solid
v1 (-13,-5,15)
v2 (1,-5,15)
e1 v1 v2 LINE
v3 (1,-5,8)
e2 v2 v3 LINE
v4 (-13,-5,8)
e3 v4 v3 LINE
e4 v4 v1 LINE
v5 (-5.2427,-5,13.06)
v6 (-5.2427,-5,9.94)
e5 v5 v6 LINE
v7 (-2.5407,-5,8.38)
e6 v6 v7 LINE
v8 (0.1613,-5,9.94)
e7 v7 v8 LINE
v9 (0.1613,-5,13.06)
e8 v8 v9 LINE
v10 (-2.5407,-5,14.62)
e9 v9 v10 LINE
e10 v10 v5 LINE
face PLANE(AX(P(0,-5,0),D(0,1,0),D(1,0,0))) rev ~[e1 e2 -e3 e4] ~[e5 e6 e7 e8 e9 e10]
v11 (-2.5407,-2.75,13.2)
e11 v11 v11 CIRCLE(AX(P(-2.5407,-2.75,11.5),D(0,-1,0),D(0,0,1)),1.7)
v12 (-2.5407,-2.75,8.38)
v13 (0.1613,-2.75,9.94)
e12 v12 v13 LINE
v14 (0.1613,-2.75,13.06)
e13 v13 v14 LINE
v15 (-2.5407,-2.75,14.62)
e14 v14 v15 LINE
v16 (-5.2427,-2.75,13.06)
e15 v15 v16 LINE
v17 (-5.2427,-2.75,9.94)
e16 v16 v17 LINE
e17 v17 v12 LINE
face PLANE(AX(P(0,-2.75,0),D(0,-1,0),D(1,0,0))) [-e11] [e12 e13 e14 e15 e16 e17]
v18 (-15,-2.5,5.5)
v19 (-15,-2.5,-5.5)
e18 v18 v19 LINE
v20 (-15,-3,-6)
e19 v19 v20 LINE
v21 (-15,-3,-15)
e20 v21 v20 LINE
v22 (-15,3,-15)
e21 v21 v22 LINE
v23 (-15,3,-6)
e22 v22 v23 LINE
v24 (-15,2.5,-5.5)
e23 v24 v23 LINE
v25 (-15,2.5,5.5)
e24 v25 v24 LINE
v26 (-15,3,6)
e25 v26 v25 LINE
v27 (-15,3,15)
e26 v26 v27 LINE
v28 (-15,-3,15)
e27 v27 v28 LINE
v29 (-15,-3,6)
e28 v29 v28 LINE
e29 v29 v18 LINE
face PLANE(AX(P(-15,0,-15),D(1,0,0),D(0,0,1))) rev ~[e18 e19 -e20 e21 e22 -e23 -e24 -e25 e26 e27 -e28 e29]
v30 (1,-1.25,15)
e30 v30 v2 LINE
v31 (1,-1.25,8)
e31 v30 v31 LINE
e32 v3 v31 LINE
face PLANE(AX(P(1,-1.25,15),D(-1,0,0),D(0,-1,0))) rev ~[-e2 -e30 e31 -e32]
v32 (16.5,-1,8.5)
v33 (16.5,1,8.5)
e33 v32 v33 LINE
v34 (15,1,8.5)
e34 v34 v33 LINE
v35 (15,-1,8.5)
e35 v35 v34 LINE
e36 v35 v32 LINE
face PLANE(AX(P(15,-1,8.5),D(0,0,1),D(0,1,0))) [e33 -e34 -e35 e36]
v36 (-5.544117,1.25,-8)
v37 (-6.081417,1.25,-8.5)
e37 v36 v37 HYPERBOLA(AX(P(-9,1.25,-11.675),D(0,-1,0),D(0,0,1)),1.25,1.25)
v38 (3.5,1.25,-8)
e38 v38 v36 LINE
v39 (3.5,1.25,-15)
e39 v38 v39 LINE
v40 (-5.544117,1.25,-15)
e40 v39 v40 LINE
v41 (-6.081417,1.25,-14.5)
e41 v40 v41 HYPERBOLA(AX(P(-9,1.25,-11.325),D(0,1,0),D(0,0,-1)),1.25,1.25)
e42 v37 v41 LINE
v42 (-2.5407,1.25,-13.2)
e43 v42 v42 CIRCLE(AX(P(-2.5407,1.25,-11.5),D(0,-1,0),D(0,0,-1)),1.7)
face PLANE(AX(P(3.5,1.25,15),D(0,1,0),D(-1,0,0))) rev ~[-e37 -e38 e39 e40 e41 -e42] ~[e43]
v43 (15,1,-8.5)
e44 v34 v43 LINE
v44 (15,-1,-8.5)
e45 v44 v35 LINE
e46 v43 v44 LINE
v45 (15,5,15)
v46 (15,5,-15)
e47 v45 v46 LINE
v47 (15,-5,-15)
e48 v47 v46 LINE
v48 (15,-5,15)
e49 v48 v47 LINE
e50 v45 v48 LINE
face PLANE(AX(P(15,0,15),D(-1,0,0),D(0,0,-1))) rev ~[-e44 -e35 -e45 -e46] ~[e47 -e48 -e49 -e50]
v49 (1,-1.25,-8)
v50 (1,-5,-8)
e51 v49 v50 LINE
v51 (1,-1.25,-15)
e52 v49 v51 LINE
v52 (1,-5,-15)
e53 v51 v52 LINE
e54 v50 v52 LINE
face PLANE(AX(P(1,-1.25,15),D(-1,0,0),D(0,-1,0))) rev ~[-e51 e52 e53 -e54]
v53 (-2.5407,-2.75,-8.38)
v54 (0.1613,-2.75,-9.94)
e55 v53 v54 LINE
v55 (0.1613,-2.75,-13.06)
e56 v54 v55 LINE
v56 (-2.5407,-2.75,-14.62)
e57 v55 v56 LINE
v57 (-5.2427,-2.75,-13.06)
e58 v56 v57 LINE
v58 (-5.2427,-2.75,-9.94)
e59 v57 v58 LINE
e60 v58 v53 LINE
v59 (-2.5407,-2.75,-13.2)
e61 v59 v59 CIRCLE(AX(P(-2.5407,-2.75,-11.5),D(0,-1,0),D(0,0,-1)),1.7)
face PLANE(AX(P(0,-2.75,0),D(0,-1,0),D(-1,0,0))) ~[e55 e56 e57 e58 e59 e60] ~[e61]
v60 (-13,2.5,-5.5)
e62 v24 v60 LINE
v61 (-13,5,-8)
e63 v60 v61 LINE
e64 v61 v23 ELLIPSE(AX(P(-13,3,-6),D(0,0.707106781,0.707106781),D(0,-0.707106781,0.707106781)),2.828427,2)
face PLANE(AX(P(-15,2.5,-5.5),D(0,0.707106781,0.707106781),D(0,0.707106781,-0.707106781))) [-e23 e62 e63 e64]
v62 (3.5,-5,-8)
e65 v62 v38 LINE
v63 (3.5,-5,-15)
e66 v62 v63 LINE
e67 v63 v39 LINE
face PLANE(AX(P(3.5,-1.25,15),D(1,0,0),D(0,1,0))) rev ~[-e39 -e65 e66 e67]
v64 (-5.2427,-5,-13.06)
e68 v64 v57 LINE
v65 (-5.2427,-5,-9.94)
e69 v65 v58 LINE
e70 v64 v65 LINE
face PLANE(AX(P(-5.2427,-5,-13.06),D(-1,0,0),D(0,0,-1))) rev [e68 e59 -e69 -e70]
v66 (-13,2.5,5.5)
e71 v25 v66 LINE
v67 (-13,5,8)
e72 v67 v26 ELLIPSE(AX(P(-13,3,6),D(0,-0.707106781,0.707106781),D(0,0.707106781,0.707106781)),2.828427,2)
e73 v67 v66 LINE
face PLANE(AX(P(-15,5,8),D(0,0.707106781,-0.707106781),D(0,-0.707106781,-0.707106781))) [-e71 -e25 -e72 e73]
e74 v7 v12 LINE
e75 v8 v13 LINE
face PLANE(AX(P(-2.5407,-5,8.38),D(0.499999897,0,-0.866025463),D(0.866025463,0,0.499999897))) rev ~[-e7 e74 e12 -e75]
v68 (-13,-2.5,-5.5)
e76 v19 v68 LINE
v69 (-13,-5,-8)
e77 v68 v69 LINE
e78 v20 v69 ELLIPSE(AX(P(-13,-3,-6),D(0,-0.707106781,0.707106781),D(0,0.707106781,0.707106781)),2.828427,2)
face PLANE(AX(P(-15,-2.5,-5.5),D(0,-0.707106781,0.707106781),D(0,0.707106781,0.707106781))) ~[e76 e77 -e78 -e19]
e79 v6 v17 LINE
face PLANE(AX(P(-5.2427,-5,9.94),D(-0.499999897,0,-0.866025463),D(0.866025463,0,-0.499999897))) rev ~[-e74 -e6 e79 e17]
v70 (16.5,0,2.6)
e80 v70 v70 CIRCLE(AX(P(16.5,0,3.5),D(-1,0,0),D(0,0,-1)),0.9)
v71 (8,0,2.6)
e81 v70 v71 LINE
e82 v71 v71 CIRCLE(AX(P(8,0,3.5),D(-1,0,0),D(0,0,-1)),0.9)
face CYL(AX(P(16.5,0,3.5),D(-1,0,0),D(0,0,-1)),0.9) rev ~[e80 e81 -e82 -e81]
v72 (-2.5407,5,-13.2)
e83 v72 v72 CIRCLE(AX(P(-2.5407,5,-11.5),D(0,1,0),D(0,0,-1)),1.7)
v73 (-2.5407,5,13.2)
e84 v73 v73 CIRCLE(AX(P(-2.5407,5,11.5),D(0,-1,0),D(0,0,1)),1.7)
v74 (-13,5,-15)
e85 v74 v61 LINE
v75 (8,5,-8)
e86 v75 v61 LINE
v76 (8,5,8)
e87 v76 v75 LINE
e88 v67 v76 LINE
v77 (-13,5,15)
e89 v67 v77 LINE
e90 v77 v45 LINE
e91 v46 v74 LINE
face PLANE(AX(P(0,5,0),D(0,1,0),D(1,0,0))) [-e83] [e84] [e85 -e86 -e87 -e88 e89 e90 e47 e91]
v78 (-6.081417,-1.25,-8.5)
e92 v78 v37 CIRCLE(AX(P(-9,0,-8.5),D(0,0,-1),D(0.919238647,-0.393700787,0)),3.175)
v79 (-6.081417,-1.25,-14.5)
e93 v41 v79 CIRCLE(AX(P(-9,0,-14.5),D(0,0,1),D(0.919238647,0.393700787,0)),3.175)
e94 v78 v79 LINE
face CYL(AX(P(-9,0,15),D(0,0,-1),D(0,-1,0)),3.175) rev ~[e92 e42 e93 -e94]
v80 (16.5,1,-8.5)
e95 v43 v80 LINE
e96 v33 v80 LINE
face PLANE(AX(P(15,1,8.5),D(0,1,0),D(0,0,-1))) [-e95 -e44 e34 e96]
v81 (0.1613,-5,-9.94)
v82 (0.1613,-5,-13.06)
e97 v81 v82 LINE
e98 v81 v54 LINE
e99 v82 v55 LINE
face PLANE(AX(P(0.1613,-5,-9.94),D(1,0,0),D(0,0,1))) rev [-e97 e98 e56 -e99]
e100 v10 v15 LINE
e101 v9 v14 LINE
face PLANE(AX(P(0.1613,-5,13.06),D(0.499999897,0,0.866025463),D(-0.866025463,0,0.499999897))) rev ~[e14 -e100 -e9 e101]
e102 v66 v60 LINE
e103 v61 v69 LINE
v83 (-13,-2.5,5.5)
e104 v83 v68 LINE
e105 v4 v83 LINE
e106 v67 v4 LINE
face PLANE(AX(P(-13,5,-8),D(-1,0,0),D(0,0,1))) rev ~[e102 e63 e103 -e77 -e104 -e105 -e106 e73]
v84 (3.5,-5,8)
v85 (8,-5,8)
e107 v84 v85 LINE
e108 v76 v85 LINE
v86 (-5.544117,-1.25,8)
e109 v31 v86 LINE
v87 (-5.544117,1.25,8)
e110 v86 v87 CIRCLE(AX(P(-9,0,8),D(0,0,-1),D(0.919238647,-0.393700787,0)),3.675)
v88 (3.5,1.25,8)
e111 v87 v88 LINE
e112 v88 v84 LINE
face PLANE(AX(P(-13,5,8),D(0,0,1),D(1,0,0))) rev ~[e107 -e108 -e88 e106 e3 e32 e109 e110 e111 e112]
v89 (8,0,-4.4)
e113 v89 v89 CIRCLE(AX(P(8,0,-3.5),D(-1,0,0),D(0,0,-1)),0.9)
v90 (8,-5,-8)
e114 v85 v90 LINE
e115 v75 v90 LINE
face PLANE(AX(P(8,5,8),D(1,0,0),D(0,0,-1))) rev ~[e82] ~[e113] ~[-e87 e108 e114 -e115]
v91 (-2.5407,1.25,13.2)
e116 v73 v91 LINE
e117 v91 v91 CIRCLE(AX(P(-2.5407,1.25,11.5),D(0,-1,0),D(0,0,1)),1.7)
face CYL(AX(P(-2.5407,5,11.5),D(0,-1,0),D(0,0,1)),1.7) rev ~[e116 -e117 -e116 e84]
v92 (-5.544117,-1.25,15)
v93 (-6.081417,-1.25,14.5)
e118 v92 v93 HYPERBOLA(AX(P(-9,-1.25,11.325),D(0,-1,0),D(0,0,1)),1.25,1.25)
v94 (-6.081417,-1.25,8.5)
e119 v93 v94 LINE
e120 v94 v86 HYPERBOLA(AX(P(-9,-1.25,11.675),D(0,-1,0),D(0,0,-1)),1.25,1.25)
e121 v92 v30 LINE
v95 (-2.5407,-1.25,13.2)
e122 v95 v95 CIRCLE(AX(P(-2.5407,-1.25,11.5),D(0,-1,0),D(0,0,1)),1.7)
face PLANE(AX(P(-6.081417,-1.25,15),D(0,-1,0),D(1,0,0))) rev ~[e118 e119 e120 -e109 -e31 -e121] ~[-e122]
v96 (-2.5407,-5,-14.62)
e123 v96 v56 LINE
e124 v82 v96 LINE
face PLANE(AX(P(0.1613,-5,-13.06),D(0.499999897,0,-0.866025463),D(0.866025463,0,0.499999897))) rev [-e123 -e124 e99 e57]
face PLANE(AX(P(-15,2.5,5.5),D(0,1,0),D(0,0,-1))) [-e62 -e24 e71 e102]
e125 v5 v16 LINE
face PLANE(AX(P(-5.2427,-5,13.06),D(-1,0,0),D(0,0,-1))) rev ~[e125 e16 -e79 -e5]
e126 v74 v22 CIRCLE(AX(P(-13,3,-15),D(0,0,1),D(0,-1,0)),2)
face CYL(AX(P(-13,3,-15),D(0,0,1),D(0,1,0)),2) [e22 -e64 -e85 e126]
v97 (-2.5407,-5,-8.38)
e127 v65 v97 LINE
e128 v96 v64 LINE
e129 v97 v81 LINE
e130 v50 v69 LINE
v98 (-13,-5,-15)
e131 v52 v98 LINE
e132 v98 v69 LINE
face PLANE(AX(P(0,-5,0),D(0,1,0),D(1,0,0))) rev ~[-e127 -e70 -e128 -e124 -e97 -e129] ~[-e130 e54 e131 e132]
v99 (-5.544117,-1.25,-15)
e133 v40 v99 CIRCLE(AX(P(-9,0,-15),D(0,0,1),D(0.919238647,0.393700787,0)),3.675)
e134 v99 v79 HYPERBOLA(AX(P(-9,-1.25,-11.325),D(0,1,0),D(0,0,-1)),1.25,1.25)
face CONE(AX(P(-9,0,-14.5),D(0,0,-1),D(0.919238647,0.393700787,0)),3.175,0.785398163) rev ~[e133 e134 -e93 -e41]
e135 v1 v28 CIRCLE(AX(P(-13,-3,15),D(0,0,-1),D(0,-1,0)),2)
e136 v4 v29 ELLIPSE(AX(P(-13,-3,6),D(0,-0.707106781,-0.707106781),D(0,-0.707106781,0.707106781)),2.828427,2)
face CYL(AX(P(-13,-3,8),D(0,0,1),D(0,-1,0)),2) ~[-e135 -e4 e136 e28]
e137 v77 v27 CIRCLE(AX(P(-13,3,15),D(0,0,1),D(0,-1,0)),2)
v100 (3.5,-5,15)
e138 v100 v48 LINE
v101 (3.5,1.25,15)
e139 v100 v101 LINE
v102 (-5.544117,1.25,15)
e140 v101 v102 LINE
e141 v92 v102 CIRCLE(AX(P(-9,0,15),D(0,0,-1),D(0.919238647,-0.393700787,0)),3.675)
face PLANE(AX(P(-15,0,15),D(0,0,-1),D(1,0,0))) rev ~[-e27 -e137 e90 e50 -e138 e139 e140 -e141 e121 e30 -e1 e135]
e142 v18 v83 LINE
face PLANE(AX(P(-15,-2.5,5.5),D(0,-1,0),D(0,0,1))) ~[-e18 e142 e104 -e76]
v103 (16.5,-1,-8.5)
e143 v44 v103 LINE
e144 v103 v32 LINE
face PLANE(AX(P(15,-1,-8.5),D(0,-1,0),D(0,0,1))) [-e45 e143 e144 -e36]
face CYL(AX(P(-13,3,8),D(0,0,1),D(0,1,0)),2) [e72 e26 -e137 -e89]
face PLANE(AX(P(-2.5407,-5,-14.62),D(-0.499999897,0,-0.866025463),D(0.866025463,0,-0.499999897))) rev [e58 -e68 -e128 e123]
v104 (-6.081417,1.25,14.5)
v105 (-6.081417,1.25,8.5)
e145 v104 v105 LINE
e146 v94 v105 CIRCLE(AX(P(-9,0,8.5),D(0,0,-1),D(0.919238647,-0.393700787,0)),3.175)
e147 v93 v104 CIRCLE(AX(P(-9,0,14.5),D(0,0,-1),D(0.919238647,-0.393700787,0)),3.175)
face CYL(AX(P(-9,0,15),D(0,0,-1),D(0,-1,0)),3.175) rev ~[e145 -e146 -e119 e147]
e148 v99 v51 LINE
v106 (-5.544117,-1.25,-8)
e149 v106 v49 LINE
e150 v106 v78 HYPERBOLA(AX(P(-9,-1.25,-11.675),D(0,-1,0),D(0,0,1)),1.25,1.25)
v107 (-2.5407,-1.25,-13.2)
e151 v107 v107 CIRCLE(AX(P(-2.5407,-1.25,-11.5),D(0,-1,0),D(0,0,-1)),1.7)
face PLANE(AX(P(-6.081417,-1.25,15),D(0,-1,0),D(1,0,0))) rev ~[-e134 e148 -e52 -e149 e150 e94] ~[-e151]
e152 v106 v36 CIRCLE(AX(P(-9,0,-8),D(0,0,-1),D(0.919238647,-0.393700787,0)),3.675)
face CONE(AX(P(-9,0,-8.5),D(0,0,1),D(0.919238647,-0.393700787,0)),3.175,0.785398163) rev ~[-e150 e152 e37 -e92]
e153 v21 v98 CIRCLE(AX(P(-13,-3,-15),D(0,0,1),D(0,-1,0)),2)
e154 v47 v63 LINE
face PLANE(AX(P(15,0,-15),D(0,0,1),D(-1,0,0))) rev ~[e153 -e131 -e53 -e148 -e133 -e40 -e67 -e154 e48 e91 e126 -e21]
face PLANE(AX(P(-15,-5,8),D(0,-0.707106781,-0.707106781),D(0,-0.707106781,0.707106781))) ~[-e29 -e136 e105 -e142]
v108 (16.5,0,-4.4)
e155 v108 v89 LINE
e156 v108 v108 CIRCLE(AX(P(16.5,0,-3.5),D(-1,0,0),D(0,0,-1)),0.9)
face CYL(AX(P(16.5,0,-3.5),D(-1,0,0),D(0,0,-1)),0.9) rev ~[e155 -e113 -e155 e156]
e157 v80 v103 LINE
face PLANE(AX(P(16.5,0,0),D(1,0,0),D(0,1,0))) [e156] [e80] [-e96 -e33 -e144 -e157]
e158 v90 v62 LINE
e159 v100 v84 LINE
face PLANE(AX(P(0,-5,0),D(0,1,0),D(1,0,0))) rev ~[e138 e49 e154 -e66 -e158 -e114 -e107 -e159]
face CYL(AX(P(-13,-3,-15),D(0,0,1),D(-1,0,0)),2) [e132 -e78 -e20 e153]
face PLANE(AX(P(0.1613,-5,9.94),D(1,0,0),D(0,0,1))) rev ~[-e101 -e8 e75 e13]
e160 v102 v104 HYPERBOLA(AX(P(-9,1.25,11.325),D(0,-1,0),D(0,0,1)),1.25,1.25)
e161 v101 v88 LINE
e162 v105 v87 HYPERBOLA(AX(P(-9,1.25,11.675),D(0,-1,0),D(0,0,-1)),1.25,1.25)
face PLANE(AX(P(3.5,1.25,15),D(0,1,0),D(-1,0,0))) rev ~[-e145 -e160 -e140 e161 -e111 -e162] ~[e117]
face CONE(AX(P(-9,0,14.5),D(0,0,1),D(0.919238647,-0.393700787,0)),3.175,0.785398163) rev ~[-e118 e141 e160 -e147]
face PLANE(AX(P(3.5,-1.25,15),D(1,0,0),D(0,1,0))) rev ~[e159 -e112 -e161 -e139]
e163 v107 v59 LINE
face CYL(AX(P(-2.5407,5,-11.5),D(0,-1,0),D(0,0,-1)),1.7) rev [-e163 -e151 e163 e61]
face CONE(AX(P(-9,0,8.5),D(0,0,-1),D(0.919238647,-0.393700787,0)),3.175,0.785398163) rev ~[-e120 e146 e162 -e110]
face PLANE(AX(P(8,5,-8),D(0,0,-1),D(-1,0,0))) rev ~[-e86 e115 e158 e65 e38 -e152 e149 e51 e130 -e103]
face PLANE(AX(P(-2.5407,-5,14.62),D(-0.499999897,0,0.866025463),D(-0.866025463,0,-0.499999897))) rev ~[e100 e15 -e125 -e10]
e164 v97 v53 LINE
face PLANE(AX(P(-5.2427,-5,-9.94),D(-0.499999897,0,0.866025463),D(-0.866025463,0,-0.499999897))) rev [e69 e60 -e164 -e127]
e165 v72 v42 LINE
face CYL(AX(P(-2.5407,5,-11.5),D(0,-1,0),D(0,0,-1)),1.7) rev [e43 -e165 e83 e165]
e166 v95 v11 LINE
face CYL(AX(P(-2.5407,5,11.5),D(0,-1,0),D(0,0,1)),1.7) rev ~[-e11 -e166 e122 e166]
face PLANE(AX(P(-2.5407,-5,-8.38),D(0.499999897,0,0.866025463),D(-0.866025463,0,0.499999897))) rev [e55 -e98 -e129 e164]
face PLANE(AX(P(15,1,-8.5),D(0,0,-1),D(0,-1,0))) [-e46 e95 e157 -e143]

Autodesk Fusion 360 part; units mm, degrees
sketch "Sketch1" plane through (0, 0, 0) normal (0, 1, 0) x (1, 0, 0)
  line L0 (15, 15) -> (-15, 15)
  line L1 (-15, 15) -> (-15, -15)
  line L2 (-15, -15) -> (15, -15)
  line L3 (15, -15) -> (15, 15)
  line L4 (15, 15) -> (-15, -15) construction
  line L5 (-15, 15) -> (15, -15) construction
  dimension "d1" = 30
  dimension "d2" = 30
extrude "Extrude1" add sketch "Sketch1" along normal mid plane 10
sketch "Sketch2" plane through (0, 0, 15) normal (0, 0, 1) x (-1, 0, 0)
  line L0 (-15, 5) -> (-15, -5)
  line L1 (-15, -5) -> (15, -5)
  line L2 (15, -5) -> (15, 5)
  line L3 (15, 5) -> (-15, 5)
  point P0 (9, 0)
  dimension "d5" = 6
hole "Hole1" at (-9, 0, 15) direction (0, 0, -1) diameter 6.35 end through all
sketch "Sketch3" plane through (0, 0, 15) normal (0, 0, 1) x (-1, 0, 0)
  circle A0 centre (9, 0) radius 3.175
  line L0 (-15, 5) -> (-15, -5)
  line L1 (-15, -5) -> (15, -5)
  line L2 (15, -5) -> (15, 5)
  line L3 (15, 5) -> (-15, 5)
  line L4 (-3.5, -1.25) -> (11.5, -1.25)
  line L5 (11.5, -1.25) -> (11.5, 1.25)
  line L6 (11.5, 1.25) -> (-3.5, 1.25)
  line L7 (-3.5, 1.25) -> (-3.5, -1.25)
  line L8 (-3.5, -1.25) -> (11.5, 1.25) construction
  line L9 (11.5, -1.25) -> (-3.5, 1.25) construction
  line L10 (-3.5, 1.25) -> (-1, 1.25)
  line L11 (-1, 1.25) -> (-1, 5)
  line L12 (-3.5, 5) -> (-3.5, 1.25)
  point P0 (4, 0)
  dimension "d9" = 5
  dimension "d10" = 2.5
  dimension "d11" = 15
  dimension "d18" = 2.5
extrude "Extrude2" cut sketch "Sketch3" against normal through all contours A0 L4 L6 L7 L10 | L3 L6 L10 L11 L12
sketch "Sketch4" plane through (0, 5, 0) normal (0, 1, 0) x (-1, 0, 0)
  line L0 (-15, 15) -> (-15, -15)
  line L1 (-15, -15) -> (15, -15)
  line L2 (15, -15) -> (15, 15)
  line L3 (15, 15) -> (-15, 15)
  line L4 (-1, -15) -> (6.0814, -15)
  line L5 (6.0814, -15) -> (6.0814, 15)
  line L6 (6.0814, 15) -> (-1, 15)
  line L7 (-1, 15) -> (-1, -15)
  point P0 (2.5407, 11.5)
  point P1 (2.5407, 15)
  dimension "d14" = 3.5
hole "Hole2" at (-2.5407, 5, 11.5) direction (0, -1, 0) diameter 3.4 depth 10 tip angle 118
sketch "Sketch5" plane through (0, -5, 0) normal (0, -1, 0) x (1, 0, 0)
  circle A0 centre (-2.5407, 11.5) radius 1.7
  line L0 (1, -15) -> (1, 15)
  line L1 (1, 15) -> (-15, 15)
  line L2 (-15, 15) -> (-15, -15)
  line L3 (-15, -15) -> (1, -15)
  line L4 (0.1613, 9.94) -> (0.1613, 13.06)
  line L5 (0.1613, 13.06) -> (-2.5407, 14.62)
  line L6 (-2.5407, 14.62) -> (-5.2427, 13.06)
  line L7 (-5.2427, 13.06) -> (-5.2427, 9.94)
  line L8 (-5.2427, 9.94) -> (-2.5407, 8.38)
  line L9 (-2.5407, 8.38) -> (0.1613, 9.94)
  point P0 (-2.5407, 11.5)
  dimension "d19" = 3.12
extrude "Extrude3" cut sketch "Sketch5" against normal blind 2.25 contours L4 L5 L6 L7 L8 L9
mirror "Mirror1" about plane through (0, 0, 0) normal (0, 0, 1) of "Hole2", "Extrude3"
sketch "Sketch6" plane through (0, 5, 0) normal (0, 1, 0) x (-1, 0, 0)
  circle A0 centre (2.5407, -11.5) radius 1.7
  circle A1 centre (2.5407, 11.5) radius 1.7
  line L0 (-15, 15) -> (-15, -15)
  line L1 (-15, -15) -> (15, -15)
  line L2 (15, -15) -> (15, 15)
  line L3 (15, 15) -> (-15, 15)
  line L4 (13, 8) -> (-8, 8)
  line L5 (-8, 8) -> (-8, -8)
  line L6 (-8, -8) -> (13, -8)
  line L7 (13, -8) -> (13, 8)
  dimension "d24" = 7
  dimension "d25" = 7
  dimension "d26" = 7
  dimension "d27" = 2
extrude "Extrude4" cut sketch "Sketch6" against normal through all contours L4 L5 L6 L7
sketch "Sketch7" plane through (15, 0, 0) normal (1, 0, 0) x (0, 1, 0)
  line L0 (-5, -15) -> (5, -15)
  line L1 (5, -15) -> (5, 15)
  line L2 (5, 15) -> (-5, 15)
  line L3 (-5, 15) -> (-5, -15)
  line L4 (1, -8.5) -> (-1, -8.5)
  line L5 (-1, -8.5) -> (-1, 8.5)
  line L6 (-1, 8.5) -> (1, 8.5)
  line L7 (1, 8.5) -> (1, -8.5)
  line L8 (1, -8.5) -> (-1, 8.5) construction
  line L9 (-1, -8.5) -> (1, 8.5) construction
  dimension "d29" = 2
  dimension "d30" = 17
extrude "Extrude5" add sketch "Sketch7" along normal blind 1.5 contours L4 L5 L6 L7
sketch "Sketch8" plane through (16.5, 0, 0) normal (1, 0, 0) x (0, 1, 0)
  line L0 (1, 8.5) -> (-1, 8.5)
  line L1 (-1, 8.5) -> (-1, -8.5)
  line L2 (-1, -8.5) -> (1, -8.5)
  line L3 (1, -8.5) -> (1, 8.5)
  point P0 (0, 3.5)
  point P1 (0, -3.5)
  dimension "d33" = 3.5
  dimension "d34" = 3.5
hole "Hole3" at (16.5, 0, 3.5) at (16.5, 0, -3.5) direction (-1, 0, 0) diameter 1.8 depth 8.5 tip angle 180
sketch "Sketch9" plane through (-15, 0, 0) normal (-1, 0, 0) x (0, -1, 0)
  line L0 (5, 15) -> (-5, 15)
  line L1 (-5, 15) -> (-5, -15)
  line L2 (-5, -15) -> (5, -15)
  line L3 (5, -15) -> (5, 15)
  line L4 (-5, 8) -> (5, 8)
  line L5 (-5, 8) -> (-2.5, 5.5)
  line L6 (-2.5, 5.5) -> (-2.5, -5.5)
  line L7 (-5, -8) -> (5, -8)
  line L8 (-2.5, -5.5) -> (-5, -8)
  line L9 (-5, 8) -> (-5, -8)
  point P0 (-5, -8)
  dimension "d38" = 135
  dimension "d39" = 135
  dimension "d40" = 2.5
extrude "Extrude6" cut sketch "Sketch9" against normal up to surface (2 mm away) contours L1 L5 L6 L8 L9
chamfer "Chamfer1" distance 0.5 angle 45 4 edges at (-12.175, 0, -15) (-12.175, 0, -8) (-12.175, 0, 8) (-12.175, 0, 15)
mirror "Mirror2" about plane through (0, 0, 0) normal (0, 1, 0) of "Extrude6"
fillet "Fillet1" radius 2 1 edges at (-15, -5, 11.5)
fillet "Fillet1" radius 2 1 edges at (-15, 5, 11.5)
fillet "Fillet1" radius 2 2 edges at (-15, 5, -11.5) (-15, -5, -11.5)
